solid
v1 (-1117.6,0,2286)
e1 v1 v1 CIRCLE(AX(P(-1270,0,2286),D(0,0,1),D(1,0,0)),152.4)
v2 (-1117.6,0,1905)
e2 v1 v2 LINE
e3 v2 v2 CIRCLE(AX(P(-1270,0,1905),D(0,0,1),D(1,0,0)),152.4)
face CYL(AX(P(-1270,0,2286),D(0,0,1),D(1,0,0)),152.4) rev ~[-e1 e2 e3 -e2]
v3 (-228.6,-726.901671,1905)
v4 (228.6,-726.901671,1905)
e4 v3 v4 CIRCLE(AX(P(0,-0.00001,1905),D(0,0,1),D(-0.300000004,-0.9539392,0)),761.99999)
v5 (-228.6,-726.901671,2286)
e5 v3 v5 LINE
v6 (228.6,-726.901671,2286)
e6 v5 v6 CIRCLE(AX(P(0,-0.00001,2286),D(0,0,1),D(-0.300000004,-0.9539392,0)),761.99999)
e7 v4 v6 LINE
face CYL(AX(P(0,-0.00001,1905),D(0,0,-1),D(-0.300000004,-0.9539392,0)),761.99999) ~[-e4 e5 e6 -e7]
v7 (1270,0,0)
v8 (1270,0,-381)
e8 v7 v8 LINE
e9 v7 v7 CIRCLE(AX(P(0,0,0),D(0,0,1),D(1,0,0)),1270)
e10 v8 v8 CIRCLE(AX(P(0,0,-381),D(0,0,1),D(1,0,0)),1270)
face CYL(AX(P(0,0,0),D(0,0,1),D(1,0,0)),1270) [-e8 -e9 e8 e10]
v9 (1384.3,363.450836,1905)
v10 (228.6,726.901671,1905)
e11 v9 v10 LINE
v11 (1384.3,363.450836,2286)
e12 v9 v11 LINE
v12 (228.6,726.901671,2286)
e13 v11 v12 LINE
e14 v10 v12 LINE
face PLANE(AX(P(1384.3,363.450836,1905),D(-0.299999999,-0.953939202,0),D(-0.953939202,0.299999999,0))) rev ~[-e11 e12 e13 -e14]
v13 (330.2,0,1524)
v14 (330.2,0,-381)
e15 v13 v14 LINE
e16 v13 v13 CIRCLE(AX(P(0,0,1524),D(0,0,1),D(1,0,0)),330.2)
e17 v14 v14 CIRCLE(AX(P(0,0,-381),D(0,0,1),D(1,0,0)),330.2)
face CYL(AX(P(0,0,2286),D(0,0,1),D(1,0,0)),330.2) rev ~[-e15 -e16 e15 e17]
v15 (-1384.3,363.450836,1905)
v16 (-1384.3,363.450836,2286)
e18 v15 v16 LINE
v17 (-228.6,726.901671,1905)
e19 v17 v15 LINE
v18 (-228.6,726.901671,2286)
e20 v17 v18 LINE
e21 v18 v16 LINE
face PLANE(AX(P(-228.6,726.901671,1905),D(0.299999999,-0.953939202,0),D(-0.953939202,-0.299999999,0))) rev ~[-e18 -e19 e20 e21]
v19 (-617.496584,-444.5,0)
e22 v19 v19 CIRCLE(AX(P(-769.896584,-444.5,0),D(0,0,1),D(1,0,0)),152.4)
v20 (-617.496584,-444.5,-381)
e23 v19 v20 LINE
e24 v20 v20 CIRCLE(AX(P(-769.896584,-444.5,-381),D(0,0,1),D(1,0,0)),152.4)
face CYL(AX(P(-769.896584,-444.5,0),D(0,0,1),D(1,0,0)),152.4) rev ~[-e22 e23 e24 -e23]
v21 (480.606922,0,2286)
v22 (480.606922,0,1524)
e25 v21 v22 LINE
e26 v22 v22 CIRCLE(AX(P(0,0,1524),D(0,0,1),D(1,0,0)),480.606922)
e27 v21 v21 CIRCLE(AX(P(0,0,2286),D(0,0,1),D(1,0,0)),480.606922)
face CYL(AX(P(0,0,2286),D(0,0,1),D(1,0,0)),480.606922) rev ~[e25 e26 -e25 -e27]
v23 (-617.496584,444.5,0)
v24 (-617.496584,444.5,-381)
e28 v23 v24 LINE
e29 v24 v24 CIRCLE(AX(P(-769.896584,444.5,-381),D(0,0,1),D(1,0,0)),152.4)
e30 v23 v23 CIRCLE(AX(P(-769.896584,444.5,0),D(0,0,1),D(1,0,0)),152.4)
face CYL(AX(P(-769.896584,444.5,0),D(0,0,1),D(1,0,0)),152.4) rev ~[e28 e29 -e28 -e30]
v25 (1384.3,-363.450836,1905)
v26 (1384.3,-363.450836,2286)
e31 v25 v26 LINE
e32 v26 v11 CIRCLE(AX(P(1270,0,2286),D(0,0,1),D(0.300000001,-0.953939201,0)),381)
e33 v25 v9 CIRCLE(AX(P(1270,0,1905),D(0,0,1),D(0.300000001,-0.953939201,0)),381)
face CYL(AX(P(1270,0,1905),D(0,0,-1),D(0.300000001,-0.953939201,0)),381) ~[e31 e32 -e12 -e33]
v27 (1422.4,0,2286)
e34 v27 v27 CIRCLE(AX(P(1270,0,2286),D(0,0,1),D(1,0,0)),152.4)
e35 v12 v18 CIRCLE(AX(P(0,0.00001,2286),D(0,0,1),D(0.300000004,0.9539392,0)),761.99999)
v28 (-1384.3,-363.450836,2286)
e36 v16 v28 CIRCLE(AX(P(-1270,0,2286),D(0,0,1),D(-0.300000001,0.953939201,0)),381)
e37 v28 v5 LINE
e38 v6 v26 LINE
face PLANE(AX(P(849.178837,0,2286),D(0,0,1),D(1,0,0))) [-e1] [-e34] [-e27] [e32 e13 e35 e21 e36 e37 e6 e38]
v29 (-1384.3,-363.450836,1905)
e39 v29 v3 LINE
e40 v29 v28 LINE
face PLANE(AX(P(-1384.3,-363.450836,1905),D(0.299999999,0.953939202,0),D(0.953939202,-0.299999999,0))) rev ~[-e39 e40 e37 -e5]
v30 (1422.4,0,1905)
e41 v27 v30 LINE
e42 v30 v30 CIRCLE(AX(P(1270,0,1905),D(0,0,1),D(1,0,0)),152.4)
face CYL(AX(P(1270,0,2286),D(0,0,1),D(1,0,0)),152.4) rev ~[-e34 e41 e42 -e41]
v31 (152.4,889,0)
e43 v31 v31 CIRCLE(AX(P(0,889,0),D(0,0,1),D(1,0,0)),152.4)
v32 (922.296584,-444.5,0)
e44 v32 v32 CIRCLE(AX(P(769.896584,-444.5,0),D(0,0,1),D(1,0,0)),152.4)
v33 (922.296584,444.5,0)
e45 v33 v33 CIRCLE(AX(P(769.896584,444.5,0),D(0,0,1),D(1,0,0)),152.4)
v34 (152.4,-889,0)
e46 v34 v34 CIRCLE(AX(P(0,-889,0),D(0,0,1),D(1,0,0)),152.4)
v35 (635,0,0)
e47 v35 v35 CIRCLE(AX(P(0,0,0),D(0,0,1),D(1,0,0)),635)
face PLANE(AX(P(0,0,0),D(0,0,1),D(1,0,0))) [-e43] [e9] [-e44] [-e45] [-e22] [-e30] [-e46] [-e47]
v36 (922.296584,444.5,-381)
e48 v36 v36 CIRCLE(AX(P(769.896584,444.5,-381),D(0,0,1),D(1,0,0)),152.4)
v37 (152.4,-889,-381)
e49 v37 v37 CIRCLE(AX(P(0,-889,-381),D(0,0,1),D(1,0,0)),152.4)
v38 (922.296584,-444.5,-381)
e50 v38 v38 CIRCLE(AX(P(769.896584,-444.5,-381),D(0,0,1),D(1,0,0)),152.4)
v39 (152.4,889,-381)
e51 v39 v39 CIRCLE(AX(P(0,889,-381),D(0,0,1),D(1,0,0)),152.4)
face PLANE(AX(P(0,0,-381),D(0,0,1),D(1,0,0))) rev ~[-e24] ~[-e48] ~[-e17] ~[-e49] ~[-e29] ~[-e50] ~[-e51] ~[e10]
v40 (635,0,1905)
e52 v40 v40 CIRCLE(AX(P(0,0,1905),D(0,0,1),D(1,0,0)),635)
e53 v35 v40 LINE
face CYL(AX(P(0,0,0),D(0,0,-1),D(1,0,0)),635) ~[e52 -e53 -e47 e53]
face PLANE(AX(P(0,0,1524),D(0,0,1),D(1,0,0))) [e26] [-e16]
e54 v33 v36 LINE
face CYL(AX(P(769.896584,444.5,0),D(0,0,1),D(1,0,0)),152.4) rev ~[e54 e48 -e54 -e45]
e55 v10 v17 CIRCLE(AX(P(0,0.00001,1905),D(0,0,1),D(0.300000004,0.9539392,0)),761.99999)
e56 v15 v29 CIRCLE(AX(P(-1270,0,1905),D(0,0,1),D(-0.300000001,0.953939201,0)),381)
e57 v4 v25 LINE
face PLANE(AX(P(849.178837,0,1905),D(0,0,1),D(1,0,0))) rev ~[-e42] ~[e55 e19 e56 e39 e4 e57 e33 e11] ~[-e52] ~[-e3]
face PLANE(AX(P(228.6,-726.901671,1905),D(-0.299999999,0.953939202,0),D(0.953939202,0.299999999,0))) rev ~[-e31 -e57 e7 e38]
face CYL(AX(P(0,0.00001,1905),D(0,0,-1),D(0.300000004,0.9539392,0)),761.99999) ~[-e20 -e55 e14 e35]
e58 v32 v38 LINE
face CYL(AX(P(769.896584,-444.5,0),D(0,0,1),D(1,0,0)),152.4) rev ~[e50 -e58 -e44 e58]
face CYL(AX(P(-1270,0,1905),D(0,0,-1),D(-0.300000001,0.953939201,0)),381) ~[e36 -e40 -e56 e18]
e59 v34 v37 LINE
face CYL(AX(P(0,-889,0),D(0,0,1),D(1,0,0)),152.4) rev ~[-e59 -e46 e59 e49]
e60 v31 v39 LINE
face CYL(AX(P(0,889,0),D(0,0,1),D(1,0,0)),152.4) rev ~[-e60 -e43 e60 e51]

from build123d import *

# Parameters (mm, degrees)
F0_R      = 1270
F0_R_2    = 152.4
F1_DEPTH  = 381
F2_R      = 635
F3_DEPTH  = 1905
F5_DEPTH  = 381
F6_DEPTH  = 381
F7_R      = 330.2
F8_DEPTH  = 2667
F9_R      = 480.606922
F10_DEPTH = 762
F11_R     = 152.4
F12_DEPTH = 381


with BuildPart() as f1:
    # F0 (on Top) → F1 (new body)
    with BuildSketch(Plane.XY):
        Circle(F0_R)
        with Locations((-769.896584, -444.5)):
            Circle(F0_R_2, mode=Mode.SUBTRACT)
        with Locations((0, -889)):
            Circle(F0_R_2, mode=Mode.SUBTRACT)
        with Locations((769.896584, -444.5)):
            Circle(F0_R_2, mode=Mode.SUBTRACT)
        with Locations((-769.896584, 444.5)):
            Circle(F0_R_2, mode=Mode.SUBTRACT)
        with Locations((769.896584, 444.5)):
            Circle(F0_R_2, mode=Mode.SUBTRACT)
        with Locations((0, 889)):
            Circle(F0_R_2, mode=Mode.SUBTRACT)
    extrude(amount=-F1_DEPTH)

    # F2 (on face) → F3 (join)
    with BuildSketch(Plane.XY):
        Circle(F2_R)
    extrude(amount=F3_DEPTH)

    # F4 (on face) → F5 (join)
    with BuildSketch(Plane.XY.offset(1905)):
        with BuildLine():
            Line((228.6, -726.901671), (1384.3, -363.450836))
            ThreePointArc((1384.3, -363.450836), (1651, 0), (1384.3, 363.450836))
            Line((1384.3, 363.450836), (228.6, 726.901671))
            ThreePointArc((228.6, 726.901671), (614.34404, 450.805279), (762, 0))
            ThreePointArc((762, 0), (614.34404, -450.805279), (228.6, -726.901671))
        make_face()
        with BuildLine():
            ThreePointArc((-228.6, -726.901671), (0, -762), (228.6, -726.901671))
            ThreePointArc((228.6, -726.901671), (614.34404, -450.805279), (762, 0))
            ThreePointArc((762, 0), (614.34404, 450.805279), (228.6, 726.901671))
            ThreePointArc((228.6, 726.901671), (0, 762), (-228.6, 726.901671))
            ThreePointArc((-228.6, 726.901671), (-762, 0), (-228.6, -726.901671))
        make_face()
        with BuildLine():
            Line((-1384.3, -363.450836), (-228.6, -726.901671))
            ThreePointArc((-228.6, -726.901671), (-762, 0), (-228.6, 726.901671))
            Line((-228.6, 726.901671), (-1384.3, 363.450836))
            ThreePointArc((-1384.3, 363.450836), (-1651, 0), (-1384.3, -363.450836))
        make_face()
    extrude(amount=F5_DEPTH)

    # F4 (on face) → F6 (join)
    with BuildSketch(Plane.XY.offset(1905)):
        with BuildLine():
            Line((228.6, -726.901671), (1384.3, -363.450836))
            ThreePointArc((1384.3, -363.450836), (1651, 0), (1384.3, 363.450836))
            Line((1384.3, 363.450836), (228.6, 726.901671))
            ThreePointArc((228.6, 726.901671), (614.34404, 450.805279), (762, 0))
            ThreePointArc((762, 0), (614.34404, -450.805279), (228.6, -726.901671))
        make_face()
        with BuildLine():
            ThreePointArc((-228.6, -726.901671), (0, -762), (228.6, -726.901671))
            ThreePointArc((228.6, -726.901671), (614.34404, -450.805279), (762, 0))
            ThreePointArc((762, 0), (614.34404, 450.805279), (228.6, 726.901671))
            ThreePointArc((228.6, 726.901671), (0, 762), (-228.6, 726.901671))
            ThreePointArc((-228.6, 726.901671), (-762, 0), (-228.6, -726.901671))
        make_face()
        with BuildLine():
            Line((-1384.3, -363.450836), (-228.6, -726.901671))
            ThreePointArc((-228.6, -726.901671), (-762, 0), (-228.6, 726.901671))
            Line((-228.6, 726.901671), (-1384.3, 363.450836))
            ThreePointArc((-1384.3, 363.450836), (-1651, 0), (-1384.3, -363.450836))
        make_face()
    extrude(amount=F6_DEPTH)

    # F7 (on face) → F8 (cut)
    with BuildSketch(Plane.XY.offset(2286)):
        Circle(F7_R)
    extrude(amount=-F8_DEPTH, mode=Mode.SUBTRACT)

    # F9 (on face) → F10 (cut)
    with BuildSketch(Plane.XY.offset(2286)):
        Circle(F9_R)
    extrude(amount=-F10_DEPTH, mode=Mode.SUBTRACT)

    # F11 (on face) → F12 (cut)
    with BuildSketch(Plane.XY.offset(2286)):
        with Locations((1270, 0)):
            Circle(F11_R)
        with Locations((-1270, 0)):
            Circle(F11_R)
    extrude(amount=-F12_DEPTH, mode=Mode.SUBTRACT)


solid = f1.part
